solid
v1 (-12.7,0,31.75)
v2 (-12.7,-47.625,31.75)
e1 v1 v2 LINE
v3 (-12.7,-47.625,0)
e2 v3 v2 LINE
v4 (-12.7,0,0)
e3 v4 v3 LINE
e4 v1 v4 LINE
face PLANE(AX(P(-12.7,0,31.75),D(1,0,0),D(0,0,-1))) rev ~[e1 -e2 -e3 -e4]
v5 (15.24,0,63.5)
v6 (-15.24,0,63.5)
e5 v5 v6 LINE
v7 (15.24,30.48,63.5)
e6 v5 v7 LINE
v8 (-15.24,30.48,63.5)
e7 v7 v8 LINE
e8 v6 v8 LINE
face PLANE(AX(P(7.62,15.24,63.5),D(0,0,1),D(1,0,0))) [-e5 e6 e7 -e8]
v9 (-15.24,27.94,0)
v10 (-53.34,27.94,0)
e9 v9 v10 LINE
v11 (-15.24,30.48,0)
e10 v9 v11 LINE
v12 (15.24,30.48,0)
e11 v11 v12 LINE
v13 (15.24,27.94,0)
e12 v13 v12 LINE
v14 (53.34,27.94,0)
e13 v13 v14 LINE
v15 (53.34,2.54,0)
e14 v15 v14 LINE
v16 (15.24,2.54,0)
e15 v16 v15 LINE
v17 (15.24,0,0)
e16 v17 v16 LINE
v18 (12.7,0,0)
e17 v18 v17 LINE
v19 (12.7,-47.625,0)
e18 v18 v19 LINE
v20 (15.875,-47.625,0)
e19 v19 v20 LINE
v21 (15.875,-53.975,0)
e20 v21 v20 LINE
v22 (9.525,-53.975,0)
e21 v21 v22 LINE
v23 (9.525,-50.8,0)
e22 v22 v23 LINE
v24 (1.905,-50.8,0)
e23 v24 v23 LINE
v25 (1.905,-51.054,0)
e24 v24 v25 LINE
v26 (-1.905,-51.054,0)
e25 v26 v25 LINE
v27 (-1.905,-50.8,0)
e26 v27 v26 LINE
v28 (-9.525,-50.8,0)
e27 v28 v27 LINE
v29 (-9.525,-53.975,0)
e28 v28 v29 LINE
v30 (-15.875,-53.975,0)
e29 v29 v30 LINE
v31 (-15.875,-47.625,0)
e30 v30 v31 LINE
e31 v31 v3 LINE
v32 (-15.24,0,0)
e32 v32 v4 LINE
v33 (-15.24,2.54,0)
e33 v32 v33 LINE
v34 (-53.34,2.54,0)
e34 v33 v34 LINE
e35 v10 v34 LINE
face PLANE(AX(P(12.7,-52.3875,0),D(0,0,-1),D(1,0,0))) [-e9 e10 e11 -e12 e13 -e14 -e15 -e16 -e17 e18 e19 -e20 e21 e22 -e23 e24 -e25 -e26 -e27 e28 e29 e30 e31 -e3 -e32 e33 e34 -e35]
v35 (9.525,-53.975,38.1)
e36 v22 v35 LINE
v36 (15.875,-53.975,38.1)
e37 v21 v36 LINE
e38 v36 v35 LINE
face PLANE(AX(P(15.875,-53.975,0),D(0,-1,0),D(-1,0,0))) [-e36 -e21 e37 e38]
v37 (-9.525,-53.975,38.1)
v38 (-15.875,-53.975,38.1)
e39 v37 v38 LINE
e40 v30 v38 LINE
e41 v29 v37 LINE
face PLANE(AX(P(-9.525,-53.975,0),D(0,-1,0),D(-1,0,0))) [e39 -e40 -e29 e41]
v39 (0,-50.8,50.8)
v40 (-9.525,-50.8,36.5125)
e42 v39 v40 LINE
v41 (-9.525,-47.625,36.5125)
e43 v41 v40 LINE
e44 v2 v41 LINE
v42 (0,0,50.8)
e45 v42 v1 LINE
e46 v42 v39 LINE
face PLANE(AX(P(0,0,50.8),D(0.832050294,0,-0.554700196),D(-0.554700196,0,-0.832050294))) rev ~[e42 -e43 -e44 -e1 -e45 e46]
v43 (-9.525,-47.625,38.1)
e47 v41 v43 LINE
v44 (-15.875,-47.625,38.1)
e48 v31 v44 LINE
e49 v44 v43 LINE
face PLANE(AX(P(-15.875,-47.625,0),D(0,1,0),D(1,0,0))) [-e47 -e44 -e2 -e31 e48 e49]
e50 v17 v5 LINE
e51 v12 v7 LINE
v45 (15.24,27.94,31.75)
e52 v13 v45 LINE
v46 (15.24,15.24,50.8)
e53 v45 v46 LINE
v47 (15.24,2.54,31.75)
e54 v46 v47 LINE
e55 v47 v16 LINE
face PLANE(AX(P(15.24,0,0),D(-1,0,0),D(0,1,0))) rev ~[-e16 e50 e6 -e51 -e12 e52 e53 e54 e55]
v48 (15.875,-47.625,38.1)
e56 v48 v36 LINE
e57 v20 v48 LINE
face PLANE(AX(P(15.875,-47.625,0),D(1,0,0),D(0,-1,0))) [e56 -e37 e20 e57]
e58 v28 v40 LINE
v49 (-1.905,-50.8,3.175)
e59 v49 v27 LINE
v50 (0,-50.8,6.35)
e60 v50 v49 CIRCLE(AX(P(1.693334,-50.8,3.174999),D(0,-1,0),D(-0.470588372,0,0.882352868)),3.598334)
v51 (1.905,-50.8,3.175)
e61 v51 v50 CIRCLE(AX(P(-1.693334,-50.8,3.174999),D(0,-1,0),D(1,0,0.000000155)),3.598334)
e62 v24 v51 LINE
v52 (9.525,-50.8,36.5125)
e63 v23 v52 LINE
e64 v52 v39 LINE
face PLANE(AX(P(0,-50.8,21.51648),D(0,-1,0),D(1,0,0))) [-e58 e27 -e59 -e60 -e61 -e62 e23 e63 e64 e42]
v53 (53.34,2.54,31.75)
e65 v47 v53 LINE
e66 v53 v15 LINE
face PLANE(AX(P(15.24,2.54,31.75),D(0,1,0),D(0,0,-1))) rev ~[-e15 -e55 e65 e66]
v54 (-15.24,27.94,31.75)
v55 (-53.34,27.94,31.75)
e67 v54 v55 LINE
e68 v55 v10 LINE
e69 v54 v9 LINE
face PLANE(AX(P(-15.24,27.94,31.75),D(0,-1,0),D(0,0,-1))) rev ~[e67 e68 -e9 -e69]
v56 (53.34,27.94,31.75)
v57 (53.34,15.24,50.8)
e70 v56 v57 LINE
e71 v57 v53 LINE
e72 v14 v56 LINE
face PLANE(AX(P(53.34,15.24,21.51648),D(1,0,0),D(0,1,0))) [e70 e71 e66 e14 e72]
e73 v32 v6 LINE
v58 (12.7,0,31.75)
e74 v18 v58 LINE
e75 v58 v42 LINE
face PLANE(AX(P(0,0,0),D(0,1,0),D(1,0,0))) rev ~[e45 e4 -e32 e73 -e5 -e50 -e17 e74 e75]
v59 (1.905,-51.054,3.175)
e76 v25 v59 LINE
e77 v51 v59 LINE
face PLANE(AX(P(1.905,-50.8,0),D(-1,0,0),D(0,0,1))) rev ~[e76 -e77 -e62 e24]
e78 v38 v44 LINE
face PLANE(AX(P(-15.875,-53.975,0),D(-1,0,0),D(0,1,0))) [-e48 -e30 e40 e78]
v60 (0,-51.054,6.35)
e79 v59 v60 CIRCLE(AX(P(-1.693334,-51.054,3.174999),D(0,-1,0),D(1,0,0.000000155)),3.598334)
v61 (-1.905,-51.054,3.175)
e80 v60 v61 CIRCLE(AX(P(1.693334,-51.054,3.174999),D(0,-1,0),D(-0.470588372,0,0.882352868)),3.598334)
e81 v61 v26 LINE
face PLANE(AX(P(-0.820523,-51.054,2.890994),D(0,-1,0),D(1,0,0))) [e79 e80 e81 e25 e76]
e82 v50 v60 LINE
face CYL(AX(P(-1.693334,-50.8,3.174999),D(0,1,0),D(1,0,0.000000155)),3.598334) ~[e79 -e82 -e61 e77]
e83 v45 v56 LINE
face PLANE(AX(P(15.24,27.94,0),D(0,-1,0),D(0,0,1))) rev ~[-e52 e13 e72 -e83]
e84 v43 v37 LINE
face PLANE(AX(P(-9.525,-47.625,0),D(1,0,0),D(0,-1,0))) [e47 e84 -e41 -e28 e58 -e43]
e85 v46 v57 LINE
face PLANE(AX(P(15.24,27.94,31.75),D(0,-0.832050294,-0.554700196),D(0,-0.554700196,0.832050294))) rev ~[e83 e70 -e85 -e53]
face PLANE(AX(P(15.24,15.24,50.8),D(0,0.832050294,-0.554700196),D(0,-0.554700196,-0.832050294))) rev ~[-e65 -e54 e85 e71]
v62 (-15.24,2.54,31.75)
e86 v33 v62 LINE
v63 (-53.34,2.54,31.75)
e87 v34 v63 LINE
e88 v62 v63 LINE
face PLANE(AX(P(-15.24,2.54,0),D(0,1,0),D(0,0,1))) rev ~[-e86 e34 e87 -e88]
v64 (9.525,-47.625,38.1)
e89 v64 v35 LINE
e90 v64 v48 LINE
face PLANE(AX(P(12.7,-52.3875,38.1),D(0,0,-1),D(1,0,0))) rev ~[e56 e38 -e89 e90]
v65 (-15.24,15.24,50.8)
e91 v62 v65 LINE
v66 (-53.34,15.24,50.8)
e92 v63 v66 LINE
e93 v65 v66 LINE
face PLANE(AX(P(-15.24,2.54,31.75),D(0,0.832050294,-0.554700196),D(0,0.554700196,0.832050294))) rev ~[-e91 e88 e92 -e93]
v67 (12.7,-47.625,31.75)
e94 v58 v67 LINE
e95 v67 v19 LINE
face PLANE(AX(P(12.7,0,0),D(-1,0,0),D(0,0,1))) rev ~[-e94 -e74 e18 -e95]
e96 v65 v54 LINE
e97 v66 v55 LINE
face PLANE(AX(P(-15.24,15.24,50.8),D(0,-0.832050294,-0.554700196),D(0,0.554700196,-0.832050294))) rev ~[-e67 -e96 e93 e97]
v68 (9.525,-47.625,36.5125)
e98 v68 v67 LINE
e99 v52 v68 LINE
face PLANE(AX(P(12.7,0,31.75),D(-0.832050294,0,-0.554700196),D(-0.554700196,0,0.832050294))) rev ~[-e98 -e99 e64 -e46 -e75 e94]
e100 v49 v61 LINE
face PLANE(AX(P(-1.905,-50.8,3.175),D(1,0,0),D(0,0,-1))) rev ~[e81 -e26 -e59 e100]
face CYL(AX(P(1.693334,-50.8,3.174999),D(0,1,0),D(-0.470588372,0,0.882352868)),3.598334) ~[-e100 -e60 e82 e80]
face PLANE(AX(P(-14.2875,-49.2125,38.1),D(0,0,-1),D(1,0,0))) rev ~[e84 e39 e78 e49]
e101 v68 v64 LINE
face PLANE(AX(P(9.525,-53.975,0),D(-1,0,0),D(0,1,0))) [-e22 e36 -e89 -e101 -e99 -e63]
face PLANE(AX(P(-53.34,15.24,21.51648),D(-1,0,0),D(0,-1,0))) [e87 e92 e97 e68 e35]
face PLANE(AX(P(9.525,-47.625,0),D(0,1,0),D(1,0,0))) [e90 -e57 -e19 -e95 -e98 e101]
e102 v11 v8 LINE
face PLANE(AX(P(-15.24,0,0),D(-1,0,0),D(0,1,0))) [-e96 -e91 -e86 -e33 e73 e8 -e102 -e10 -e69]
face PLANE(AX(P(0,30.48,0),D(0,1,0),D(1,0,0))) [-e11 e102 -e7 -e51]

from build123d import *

# Parameters (mm, degrees)
F1_DEPTH  = 50.8
F2_W      = 15.24
F2_H      = 30.48
F3_DEPTH  = 63.5
F4_W      = 15.24
F4_H      = 30.48
F5_DEPTH  = 63.5
F7_DEPTH  = 38.1
F9_DEPTH  = 38.1
F11_DEPTH = 38.1
F10_W     = 3.175
F10_H     = 3.175
F12_DEPTH = 38.1
F15_DEPTH = 0.254


with BuildPart() as f1:
    # F0 (on Front) → F1 (new body)
    with BuildSketch(Plane.XZ):
        Polygon((-12.7, 0), (0, 0), (12.7, 0), (12.7, 31.75), (0, 50.8), (-12.7, 31.75), align=None)
    extrude(amount=F1_DEPTH)

    # F2 (on Top) → F3 (join)
    with BuildSketch(Plane.XY):
        with Locations((-7.62, 15.24)):
            Rectangle(F2_W, F2_H)
    extrude(amount=F3_DEPTH)

    # F4 (on Top) → F5 (join)
    with BuildSketch(Plane.XY):
        with Locations((7.62, 15.24)):
            Rectangle(F4_W, F4_H)
    extrude(amount=F5_DEPTH)

    # F6 (on face) → F7 (join)
    with BuildSketch(Plane.YZ.offset(15.24)):
        Polygon((2.54, 0), (15.24, 0), (27.94, 0), (27.94, 31.75), (15.24, 50.8), (2.54, 31.75), align=None)
    extrude(amount=F7_DEPTH)

    # F8 (on face) → F9 (join)
    with BuildSketch(Plane(origin=(-15.24, 0, 0), x_dir=(0, -1, 0), z_dir=(-1, 0, 0))):
        Polygon((-27.94, 0), (-15.24, 0), (-2.54, 0), (-2.54, 31.75), (-15.24, 50.8), (-27.94, 31.75), align=None)
    extrude(amount=F9_DEPTH)

    # F10 (on face) → F11 (join)
    with BuildSketch(Plane(origin=(0, 0, 0), x_dir=(1, 0, 0), z_dir=(0, 0, -1))):
        Polygon((9.525, 50.8), (12.7, 50.8), (15.875, 50.8), (15.875, 53.975), (9.525, 53.975), align=None)
    extrude(amount=-F11_DEPTH)

    # F10 (on face) → F12 (join)
    with BuildSketch(Plane(origin=(0, 0, 0), x_dir=(1, 0, 0), z_dir=(0, 0, -1))):
        Polygon((9.525, 50.8), (12.7, 50.8), (15.875, 50.8), (15.875, 53.975), (9.525, 53.975), align=None)
        with Locations((14.2875, 49.2125)):
            Rectangle(F10_W, F10_H)
        with Locations((11.1125, 49.2125)):
            Rectangle(F10_W, F10_H)
        with Locations((-14.2875, 49.2125)):
            Rectangle(F10_W, F10_H)
        with Locations((-11.1125, 49.2125)):
            Rectangle(F10_W, F10_H)
        Polygon((-15.875, 50.8), (-12.7, 50.8), (-9.525, 50.8), (-9.525, 53.975), (-15.875, 53.975), align=None)
    extrude(amount=-F12_DEPTH)

    # F13 (on face) → F15 (join)
    with BuildSketch(Plane.XZ.offset(50.8)):
        with BuildLine():
            Line((-1.905, 0), (0, 0))
            Line((0, 0), (0, 6.35))
            ThreePointArc((0, 6.35), (-1.392212, 5.026327), (-1.905, 3.175))
            Line((-1.905, 3.175), (-1.905, 0))
        make_face()
        with BuildLine():
            Line((0, 6.35), (0, 0))
            Line((0, 0), (1.905, 0))
            Line((1.905, 0), (1.905, 3.175))
            ThreePointArc((1.905, 3.175), (1.392212, 5.026327), (0, 6.35))
        make_face()
    extrude(amount=F15_DEPTH)


solid = f1.part
